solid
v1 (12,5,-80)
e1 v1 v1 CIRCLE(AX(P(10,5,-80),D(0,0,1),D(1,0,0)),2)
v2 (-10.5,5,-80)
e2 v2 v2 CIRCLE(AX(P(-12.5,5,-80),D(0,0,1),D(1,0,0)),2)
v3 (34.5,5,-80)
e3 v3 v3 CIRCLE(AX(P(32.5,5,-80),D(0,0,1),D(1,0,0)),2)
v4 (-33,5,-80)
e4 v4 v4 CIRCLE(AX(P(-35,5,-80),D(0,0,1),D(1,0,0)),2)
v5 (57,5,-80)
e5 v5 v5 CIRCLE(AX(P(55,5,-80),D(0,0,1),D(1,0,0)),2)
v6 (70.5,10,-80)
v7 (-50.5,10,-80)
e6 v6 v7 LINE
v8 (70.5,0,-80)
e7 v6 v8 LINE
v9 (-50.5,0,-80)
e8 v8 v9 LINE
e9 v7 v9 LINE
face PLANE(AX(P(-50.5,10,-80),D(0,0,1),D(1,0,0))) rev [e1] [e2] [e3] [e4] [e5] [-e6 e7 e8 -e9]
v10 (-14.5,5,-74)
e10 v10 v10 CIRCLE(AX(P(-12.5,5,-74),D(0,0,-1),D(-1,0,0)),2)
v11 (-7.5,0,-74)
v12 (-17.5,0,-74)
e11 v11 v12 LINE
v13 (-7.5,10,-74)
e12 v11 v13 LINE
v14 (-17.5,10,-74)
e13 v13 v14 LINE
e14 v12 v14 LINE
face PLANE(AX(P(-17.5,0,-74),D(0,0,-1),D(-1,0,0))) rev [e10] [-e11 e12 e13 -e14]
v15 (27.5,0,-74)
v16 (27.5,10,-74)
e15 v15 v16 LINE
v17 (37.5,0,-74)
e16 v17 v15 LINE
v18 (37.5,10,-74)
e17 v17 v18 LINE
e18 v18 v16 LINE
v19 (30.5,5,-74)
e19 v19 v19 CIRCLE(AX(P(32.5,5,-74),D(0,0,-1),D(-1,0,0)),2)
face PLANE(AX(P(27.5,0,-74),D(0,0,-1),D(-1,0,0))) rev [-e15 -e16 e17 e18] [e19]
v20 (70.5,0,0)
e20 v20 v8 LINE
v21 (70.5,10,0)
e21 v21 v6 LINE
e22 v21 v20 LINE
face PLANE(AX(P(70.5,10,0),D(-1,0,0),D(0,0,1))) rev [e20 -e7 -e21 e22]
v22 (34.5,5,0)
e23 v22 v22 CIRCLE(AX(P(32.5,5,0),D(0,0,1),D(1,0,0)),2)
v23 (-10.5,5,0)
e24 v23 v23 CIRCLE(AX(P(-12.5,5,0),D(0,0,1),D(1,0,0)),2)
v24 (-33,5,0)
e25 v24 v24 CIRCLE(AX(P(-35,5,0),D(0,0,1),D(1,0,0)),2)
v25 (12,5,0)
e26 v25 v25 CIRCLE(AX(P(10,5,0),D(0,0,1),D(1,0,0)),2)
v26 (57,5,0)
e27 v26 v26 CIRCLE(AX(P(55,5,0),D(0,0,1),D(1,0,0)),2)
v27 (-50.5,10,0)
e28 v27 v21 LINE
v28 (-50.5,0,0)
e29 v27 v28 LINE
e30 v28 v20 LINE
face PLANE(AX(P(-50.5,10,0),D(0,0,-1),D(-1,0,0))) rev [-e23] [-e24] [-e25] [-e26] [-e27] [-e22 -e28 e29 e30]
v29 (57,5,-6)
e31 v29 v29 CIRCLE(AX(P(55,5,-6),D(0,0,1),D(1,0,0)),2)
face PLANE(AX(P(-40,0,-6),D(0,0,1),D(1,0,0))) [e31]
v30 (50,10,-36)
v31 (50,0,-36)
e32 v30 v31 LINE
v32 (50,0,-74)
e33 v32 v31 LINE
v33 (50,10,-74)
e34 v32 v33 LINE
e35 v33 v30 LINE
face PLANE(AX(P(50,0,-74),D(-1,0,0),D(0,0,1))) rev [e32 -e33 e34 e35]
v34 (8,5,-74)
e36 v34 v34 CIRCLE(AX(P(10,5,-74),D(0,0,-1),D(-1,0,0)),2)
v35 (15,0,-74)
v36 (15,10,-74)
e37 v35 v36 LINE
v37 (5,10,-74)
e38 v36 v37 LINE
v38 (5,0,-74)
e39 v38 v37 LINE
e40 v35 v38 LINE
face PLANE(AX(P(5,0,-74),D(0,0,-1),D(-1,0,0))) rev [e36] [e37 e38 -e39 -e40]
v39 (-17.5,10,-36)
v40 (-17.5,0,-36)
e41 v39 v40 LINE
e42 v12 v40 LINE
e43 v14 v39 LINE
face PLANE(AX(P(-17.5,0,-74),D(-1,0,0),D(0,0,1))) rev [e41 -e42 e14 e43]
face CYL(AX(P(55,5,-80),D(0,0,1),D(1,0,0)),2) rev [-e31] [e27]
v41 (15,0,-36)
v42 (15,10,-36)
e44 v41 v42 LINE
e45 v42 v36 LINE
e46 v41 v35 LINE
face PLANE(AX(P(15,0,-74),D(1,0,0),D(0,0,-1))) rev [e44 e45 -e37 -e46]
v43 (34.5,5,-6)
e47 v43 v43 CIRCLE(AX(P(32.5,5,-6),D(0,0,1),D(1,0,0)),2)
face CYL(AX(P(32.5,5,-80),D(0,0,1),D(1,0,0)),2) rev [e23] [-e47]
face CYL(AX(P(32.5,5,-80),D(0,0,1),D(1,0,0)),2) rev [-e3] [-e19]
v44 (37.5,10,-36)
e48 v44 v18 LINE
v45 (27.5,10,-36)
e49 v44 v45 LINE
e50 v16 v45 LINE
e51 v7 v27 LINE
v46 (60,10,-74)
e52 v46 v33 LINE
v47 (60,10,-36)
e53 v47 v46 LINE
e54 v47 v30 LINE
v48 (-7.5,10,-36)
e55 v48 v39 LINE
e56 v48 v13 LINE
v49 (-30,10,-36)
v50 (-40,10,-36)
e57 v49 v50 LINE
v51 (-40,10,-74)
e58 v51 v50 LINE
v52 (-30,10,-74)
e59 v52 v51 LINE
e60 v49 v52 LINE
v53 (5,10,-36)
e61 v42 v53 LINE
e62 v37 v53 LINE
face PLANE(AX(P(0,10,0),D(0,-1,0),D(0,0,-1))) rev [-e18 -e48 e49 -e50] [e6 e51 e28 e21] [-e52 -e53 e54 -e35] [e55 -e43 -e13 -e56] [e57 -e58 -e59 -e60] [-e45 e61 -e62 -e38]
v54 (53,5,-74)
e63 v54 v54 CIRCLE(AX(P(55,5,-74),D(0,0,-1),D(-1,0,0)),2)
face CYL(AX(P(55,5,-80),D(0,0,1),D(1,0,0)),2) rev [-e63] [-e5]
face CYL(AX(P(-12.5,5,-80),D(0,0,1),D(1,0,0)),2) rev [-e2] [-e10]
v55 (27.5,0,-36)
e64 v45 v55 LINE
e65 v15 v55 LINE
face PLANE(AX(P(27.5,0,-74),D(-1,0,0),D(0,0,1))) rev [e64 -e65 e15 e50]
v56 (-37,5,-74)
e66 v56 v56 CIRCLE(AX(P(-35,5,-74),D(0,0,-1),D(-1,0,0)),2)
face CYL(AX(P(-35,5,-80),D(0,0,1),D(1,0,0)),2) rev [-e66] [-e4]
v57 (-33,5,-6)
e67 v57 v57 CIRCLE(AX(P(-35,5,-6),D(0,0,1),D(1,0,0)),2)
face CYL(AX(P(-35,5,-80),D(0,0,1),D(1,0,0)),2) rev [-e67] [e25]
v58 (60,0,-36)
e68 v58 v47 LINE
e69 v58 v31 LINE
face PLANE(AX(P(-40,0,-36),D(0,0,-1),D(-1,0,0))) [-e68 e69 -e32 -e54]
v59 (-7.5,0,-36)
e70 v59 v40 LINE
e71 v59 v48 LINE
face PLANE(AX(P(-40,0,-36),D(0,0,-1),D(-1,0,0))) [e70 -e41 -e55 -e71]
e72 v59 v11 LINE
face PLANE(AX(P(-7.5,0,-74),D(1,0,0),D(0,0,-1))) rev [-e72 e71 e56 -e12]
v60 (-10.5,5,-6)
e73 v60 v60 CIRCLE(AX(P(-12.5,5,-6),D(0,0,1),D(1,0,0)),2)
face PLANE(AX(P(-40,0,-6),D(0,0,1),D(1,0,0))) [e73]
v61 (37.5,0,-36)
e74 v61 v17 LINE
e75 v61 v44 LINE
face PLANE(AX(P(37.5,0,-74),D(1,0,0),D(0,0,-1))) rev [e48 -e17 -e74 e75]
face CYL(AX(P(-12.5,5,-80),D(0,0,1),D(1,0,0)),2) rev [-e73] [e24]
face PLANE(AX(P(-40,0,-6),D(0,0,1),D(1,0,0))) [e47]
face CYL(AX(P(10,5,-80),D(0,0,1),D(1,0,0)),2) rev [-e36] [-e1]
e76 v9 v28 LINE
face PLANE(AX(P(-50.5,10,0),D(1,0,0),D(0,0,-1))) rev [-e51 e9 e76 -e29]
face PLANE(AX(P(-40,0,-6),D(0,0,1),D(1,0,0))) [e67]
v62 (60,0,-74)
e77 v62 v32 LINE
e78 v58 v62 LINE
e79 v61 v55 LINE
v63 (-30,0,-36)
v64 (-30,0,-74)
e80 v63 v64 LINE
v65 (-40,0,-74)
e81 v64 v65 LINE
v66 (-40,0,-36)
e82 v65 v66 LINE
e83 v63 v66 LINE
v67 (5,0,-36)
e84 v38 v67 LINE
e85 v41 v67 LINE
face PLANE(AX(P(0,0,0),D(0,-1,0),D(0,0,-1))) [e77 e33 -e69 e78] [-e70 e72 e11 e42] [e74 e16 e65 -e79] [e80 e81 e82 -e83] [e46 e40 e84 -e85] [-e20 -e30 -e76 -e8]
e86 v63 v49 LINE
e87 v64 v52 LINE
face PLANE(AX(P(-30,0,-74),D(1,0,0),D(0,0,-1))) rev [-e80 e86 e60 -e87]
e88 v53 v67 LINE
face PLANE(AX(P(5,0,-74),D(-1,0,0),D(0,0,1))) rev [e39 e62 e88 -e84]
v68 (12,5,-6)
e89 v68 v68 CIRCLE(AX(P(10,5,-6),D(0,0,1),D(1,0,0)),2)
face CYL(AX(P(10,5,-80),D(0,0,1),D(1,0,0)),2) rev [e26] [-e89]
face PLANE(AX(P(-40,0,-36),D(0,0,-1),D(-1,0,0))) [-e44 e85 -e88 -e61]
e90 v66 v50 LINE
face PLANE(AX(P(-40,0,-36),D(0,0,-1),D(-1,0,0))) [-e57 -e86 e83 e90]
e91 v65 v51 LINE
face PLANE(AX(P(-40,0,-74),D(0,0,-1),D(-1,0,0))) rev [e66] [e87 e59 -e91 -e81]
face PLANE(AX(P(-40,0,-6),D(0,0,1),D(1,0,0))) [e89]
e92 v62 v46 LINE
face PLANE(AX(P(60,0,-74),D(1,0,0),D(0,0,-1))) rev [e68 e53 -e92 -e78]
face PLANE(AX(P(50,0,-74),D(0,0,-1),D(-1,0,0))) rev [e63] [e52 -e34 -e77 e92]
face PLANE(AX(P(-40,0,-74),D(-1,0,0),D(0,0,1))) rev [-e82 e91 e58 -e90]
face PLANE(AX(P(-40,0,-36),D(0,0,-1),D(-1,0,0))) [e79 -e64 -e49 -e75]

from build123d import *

# Parameters (mm, degrees)
SKETCH1_W           = 121
SKETCH1_H           = 80
BOSS_EXTRUDE1_DEPTH = 10
SKETCH2_W           = 10
SKETCH2_H           = 68
CUT_EXTRUDE1_DEPTH  = 10
SKETCH7_R           = 2
CUT_EXTRUDE4_DEPTH  = 108.099253032
SKETCH8_W           = 100
SKETCH8_H           = 30
BOSS_EXTRUDE4_DEPTH = 10


with BuildPart() as part:
    # Sketch1 → Boss-Extrude1 (new body)
    with BuildSketch(Plane(origin=(0, 0, 0), x_dir=(1, 0, 0), z_dir=(0, 1, 0))):
        with Locations((10, 40)):
            Rectangle(SKETCH1_W, SKETCH1_H)
    extrude(amount=BOSS_EXTRUDE1_DEPTH)

    # Sketch2 → Cut-Extrude1 (cut)
    with BuildSketch(Plane(origin=(0, 10, 0), x_dir=(1, 0, 0), z_dir=(0, 1, 0))):
        with Locations((-35, 40)):
            Rectangle(SKETCH2_W, SKETCH2_H)
        with Locations((-12.5, 40)):
            Rectangle(SKETCH2_W, SKETCH2_H)
        with Locations((10, 40)):
            Rectangle(SKETCH2_W, SKETCH2_H)
        with Locations((32.5, 40)):
            Rectangle(SKETCH2_W, SKETCH2_H)
        with Locations((55, 40)):
            Rectangle(SKETCH2_W, SKETCH2_H)
    extrude(amount=-CUT_EXTRUDE1_DEPTH, mode=Mode.SUBTRACT)

    # Sketch7 → Cut-Extrude4 (cut, through all)
    with BuildSketch(Plane.XY):
        with Locations((-35, 5)):
            Circle(SKETCH7_R)
        with Locations((-12.5, 5)):
            Circle(SKETCH7_R)
        with Locations((10, 5)):
            Circle(SKETCH7_R)
        with Locations((32.5, 5)):
            Circle(SKETCH7_R)
        with Locations((55, 5)):
            Circle(SKETCH7_R)
    extrude(amount=-CUT_EXTRUDE4_DEPTH, mode=Mode.SUBTRACT)

    # Sketch8 → Boss-Extrude4 (add)
    with BuildSketch(Plane(origin=(0, 10, 0), x_dir=(1, 0, 0), z_dir=(0, 1, 0))):
        with Locations((10, 21)):
            Rectangle(SKETCH8_W, SKETCH8_H)
    extrude(amount=-BOSS_EXTRUDE4_DEPTH)


solid = part.part
